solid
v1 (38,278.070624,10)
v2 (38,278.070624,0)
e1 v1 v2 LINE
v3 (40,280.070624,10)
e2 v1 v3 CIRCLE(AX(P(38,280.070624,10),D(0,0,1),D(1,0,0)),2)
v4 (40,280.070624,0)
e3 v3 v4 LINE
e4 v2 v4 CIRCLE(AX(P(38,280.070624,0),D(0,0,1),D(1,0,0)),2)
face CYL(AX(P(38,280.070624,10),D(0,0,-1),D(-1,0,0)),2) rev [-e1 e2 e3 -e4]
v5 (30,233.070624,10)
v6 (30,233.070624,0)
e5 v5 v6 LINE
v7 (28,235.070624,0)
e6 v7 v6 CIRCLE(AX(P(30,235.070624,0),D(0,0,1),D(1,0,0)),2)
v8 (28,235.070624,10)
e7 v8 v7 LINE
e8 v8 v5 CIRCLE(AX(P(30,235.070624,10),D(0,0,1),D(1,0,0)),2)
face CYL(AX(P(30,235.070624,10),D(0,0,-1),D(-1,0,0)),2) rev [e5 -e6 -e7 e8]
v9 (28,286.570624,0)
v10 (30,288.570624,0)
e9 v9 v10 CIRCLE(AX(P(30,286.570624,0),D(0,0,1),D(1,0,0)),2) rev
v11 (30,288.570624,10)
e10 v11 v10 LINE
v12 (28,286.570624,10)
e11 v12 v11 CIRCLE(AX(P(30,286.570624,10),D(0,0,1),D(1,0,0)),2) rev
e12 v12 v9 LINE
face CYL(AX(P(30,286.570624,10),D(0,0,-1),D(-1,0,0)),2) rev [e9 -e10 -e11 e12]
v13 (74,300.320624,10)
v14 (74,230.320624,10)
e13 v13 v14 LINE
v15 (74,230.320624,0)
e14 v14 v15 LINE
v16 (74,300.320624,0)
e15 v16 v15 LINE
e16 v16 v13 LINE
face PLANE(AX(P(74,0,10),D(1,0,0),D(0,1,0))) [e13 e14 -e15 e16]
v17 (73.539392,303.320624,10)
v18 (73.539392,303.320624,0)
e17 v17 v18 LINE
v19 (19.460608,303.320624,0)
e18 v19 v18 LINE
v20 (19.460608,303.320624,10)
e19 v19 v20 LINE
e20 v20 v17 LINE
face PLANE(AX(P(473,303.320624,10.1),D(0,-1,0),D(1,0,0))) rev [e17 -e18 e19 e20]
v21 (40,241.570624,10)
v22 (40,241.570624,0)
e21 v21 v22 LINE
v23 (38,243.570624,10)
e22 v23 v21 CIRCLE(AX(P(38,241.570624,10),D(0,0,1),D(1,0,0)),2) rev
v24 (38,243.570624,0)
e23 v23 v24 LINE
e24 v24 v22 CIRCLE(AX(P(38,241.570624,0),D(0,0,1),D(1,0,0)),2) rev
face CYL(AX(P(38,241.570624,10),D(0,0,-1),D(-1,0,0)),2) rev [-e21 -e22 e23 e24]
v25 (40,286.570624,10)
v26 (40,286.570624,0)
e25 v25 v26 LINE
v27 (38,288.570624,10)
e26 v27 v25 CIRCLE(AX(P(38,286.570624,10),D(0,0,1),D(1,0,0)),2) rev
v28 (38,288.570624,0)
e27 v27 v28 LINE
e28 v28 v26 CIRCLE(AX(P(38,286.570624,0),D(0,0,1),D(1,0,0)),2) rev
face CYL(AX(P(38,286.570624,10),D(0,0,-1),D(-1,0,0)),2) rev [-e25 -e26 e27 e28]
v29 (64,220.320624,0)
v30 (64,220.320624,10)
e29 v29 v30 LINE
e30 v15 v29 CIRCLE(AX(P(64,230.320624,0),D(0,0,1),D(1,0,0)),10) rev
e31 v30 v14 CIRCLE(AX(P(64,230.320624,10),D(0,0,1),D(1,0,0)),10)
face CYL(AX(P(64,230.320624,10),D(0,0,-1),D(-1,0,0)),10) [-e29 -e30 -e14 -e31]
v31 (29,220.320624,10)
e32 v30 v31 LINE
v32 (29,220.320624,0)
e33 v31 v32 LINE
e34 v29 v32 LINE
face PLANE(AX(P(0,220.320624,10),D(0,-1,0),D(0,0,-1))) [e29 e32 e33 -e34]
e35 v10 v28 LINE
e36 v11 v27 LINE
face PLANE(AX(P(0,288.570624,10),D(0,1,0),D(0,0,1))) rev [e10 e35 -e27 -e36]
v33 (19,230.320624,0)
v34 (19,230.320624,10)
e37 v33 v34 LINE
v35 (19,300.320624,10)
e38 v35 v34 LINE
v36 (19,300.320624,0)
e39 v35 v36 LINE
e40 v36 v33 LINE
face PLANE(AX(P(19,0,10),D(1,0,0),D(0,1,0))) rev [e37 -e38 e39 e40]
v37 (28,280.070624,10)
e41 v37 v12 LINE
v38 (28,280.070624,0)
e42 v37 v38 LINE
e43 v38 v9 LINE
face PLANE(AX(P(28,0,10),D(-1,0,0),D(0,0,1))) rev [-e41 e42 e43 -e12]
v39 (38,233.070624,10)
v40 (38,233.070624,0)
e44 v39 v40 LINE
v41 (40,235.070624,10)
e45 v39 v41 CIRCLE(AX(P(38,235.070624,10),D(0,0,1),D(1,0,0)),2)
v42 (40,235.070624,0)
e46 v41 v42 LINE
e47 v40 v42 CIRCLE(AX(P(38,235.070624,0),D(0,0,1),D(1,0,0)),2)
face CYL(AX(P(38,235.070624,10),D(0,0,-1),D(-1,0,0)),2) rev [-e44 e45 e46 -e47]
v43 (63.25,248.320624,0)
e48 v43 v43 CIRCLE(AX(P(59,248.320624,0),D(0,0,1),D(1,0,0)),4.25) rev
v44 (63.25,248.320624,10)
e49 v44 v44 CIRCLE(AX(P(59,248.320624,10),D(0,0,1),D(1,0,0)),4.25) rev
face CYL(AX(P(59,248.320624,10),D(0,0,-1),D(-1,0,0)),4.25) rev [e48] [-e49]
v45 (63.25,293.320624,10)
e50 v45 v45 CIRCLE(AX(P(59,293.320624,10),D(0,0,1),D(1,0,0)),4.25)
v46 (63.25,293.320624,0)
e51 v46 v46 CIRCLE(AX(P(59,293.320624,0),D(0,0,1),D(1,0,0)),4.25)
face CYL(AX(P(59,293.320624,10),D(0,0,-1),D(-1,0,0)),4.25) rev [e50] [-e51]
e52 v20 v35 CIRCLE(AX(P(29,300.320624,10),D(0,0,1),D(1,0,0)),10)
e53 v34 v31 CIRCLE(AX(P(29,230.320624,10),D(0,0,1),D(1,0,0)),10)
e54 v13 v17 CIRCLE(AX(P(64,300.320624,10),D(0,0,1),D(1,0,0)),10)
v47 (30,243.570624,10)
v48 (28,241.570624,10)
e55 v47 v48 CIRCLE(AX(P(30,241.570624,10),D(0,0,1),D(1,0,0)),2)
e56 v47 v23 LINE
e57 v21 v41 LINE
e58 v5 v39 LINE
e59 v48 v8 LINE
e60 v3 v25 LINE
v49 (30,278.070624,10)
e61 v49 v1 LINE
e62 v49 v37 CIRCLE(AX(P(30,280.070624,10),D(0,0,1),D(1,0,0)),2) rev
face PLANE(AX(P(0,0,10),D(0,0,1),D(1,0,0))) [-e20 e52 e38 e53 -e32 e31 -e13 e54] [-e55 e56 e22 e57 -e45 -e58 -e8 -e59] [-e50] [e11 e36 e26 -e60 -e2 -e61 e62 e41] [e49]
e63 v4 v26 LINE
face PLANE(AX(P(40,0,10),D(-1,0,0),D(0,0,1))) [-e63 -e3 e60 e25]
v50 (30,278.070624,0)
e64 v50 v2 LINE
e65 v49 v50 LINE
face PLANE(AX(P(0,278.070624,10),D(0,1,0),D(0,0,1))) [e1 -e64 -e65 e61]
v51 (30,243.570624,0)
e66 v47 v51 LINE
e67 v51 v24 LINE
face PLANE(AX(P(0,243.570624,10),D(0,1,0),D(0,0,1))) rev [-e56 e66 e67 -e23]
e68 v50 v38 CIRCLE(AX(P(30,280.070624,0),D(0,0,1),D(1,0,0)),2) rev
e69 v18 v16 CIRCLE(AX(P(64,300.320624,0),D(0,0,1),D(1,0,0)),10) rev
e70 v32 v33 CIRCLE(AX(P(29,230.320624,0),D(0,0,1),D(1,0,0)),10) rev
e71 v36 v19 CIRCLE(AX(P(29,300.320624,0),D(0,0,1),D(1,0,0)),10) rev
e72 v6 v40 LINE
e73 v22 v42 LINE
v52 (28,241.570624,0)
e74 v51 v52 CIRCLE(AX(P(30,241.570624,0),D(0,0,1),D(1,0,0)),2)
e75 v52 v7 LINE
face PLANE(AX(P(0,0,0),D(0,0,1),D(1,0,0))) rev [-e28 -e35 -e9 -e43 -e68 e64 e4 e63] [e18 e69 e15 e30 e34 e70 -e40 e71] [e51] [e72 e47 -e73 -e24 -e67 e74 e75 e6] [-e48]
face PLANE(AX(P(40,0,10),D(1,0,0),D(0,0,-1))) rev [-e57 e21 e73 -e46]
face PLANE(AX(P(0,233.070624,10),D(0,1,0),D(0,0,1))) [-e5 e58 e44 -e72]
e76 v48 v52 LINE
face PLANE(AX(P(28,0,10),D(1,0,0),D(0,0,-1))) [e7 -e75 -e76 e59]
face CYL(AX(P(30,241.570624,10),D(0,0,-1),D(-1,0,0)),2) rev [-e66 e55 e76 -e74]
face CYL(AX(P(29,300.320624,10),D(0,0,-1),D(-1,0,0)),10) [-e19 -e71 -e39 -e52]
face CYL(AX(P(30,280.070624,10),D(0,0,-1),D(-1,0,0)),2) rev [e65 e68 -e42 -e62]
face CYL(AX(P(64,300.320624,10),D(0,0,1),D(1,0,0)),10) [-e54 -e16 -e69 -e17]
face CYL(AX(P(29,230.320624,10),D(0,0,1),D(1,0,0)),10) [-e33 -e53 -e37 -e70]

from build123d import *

# Parameters (mm, degrees)
SKETCH2_W           = 55
SKETCH2_H           = 90
SKETCH2_R           = 4.25
BOSS_EXTRUDE1_DEPTH = 10
FILLET1_R           = 10
CUT_EXTRUDE1_DEPTH  = 600


with BuildPart() as part:
    # Sketch2 → Boss-Extrude1 (new body)
    with BuildSketch(Plane.XY):
        with Locations((46.5, 265.320623632)):
            Rectangle(SKETCH2_W, SKETCH2_H)
        with Locations((59, 293.320623632)):
            Circle(SKETCH2_R, mode=Mode.SUBTRACT)
        with Locations((59, 248.320623632)):
            Circle(SKETCH2_R, mode=Mode.SUBTRACT)
        with BuildLine():
            Line((30, 278.070623632), (38, 278.070623632))
            ThreePointArc((38, 278.070623632), (39.414213562, 278.656410069), (40, 280.070623632))
            Line((40, 280.070623632), (40, 286.570623632))
            ThreePointArc((40, 286.570623632), (39.414213562, 287.984837194), (38, 288.570623632))
            Line((38, 288.570623632), (30, 288.570623632))
            ThreePointArc((30, 288.570623632), (28.585786438, 287.984837194), (28, 286.570623632))
            Line((28, 286.570623632), (28, 280.070623632))
            ThreePointArc((28, 280.070623632), (28.585786438, 278.656410069), (30, 278.070623632))
        make_face(mode=Mode.SUBTRACT)
        with BuildLine():
            Line((30, 233.070623632), (38, 233.070623632))
            ThreePointArc((38, 233.070623632), (39.414213562, 233.656410069), (40, 235.070623632))
            Line((40, 235.070623632), (40, 241.570623632))
            ThreePointArc((40, 241.570623632), (39.414213562, 242.984837194), (38, 243.570623632))
            Line((38, 243.570623632), (30, 243.570623632))
            ThreePointArc((30, 243.570623632), (28.585786438, 242.984837194), (28, 241.570623632))
            Line((28, 241.570623632), (28, 235.070623632))
            ThreePointArc((28, 235.070623632), (28.585786438, 233.656410069), (30, 233.070623632))
        make_face(mode=Mode.SUBTRACT)
    extrude(amount=BOSS_EXTRUDE1_DEPTH)

    # Fillet1
    fillet1_edges = [part.edges().sort_by_distance(p)[0] for p in [
        (74, 220.320623632, 5),
        (19, 220.320623632, 5),
        (19, 310.320623632, 5),
        (74, 310.320623632, 5),
    ]]
    fillet(fillet1_edges, radius=FILLET1_R)

    # Sketch4 → Cut-Extrude1 (cut)
    with BuildSketch(Plane(origin=(-127, 1084.797720172, -1205.109910301), x_dir=(0, 1, 0), z_dir=(-1, 0, 0))):
        Polygon((-781.47709654, -1215.209910301), (-501.47709654, -1215.209910301), (-501.47709654, -743.209910301), (-781.47709654, -743.2099103), align=None)
        with BuildLine():
            Line((-206.47709654, -743.209910301), (-96.47709654, -743.209910301))
            ThreePointArc((-96.47709654, -743.209910301), (-89.406028728, -746.138842489), (-86.47709654, -753.209910301))
            Line((-86.47709654, -753.209910301), (-86.47709654, -1205.209910301))
            ThreePointArc((-86.47709654, -1205.209910301), (-89.406028728, -1212.280978113), (-96.47709654, -1215.209910301))
            Line((-96.47709654, -1215.209910301), (-206.47709654, -1215.209910301))
            ThreePointArc((-206.47709654, -1215.209910301), (-213.548164352, -1212.280978113), (-216.47709654, -1205.209910301))
            Line((-216.47709654, -1205.209910301), (-216.47709654, -753.209910301))
            ThreePointArc((-216.47709654, -753.209910301), (-213.548164352, -746.138842489), (-206.47709654, -743.209910301))
        make_face()
    extrude(amount=-CUT_EXTRUDE1_DEPTH, mode=Mode.SUBTRACT)


solid = part.part
